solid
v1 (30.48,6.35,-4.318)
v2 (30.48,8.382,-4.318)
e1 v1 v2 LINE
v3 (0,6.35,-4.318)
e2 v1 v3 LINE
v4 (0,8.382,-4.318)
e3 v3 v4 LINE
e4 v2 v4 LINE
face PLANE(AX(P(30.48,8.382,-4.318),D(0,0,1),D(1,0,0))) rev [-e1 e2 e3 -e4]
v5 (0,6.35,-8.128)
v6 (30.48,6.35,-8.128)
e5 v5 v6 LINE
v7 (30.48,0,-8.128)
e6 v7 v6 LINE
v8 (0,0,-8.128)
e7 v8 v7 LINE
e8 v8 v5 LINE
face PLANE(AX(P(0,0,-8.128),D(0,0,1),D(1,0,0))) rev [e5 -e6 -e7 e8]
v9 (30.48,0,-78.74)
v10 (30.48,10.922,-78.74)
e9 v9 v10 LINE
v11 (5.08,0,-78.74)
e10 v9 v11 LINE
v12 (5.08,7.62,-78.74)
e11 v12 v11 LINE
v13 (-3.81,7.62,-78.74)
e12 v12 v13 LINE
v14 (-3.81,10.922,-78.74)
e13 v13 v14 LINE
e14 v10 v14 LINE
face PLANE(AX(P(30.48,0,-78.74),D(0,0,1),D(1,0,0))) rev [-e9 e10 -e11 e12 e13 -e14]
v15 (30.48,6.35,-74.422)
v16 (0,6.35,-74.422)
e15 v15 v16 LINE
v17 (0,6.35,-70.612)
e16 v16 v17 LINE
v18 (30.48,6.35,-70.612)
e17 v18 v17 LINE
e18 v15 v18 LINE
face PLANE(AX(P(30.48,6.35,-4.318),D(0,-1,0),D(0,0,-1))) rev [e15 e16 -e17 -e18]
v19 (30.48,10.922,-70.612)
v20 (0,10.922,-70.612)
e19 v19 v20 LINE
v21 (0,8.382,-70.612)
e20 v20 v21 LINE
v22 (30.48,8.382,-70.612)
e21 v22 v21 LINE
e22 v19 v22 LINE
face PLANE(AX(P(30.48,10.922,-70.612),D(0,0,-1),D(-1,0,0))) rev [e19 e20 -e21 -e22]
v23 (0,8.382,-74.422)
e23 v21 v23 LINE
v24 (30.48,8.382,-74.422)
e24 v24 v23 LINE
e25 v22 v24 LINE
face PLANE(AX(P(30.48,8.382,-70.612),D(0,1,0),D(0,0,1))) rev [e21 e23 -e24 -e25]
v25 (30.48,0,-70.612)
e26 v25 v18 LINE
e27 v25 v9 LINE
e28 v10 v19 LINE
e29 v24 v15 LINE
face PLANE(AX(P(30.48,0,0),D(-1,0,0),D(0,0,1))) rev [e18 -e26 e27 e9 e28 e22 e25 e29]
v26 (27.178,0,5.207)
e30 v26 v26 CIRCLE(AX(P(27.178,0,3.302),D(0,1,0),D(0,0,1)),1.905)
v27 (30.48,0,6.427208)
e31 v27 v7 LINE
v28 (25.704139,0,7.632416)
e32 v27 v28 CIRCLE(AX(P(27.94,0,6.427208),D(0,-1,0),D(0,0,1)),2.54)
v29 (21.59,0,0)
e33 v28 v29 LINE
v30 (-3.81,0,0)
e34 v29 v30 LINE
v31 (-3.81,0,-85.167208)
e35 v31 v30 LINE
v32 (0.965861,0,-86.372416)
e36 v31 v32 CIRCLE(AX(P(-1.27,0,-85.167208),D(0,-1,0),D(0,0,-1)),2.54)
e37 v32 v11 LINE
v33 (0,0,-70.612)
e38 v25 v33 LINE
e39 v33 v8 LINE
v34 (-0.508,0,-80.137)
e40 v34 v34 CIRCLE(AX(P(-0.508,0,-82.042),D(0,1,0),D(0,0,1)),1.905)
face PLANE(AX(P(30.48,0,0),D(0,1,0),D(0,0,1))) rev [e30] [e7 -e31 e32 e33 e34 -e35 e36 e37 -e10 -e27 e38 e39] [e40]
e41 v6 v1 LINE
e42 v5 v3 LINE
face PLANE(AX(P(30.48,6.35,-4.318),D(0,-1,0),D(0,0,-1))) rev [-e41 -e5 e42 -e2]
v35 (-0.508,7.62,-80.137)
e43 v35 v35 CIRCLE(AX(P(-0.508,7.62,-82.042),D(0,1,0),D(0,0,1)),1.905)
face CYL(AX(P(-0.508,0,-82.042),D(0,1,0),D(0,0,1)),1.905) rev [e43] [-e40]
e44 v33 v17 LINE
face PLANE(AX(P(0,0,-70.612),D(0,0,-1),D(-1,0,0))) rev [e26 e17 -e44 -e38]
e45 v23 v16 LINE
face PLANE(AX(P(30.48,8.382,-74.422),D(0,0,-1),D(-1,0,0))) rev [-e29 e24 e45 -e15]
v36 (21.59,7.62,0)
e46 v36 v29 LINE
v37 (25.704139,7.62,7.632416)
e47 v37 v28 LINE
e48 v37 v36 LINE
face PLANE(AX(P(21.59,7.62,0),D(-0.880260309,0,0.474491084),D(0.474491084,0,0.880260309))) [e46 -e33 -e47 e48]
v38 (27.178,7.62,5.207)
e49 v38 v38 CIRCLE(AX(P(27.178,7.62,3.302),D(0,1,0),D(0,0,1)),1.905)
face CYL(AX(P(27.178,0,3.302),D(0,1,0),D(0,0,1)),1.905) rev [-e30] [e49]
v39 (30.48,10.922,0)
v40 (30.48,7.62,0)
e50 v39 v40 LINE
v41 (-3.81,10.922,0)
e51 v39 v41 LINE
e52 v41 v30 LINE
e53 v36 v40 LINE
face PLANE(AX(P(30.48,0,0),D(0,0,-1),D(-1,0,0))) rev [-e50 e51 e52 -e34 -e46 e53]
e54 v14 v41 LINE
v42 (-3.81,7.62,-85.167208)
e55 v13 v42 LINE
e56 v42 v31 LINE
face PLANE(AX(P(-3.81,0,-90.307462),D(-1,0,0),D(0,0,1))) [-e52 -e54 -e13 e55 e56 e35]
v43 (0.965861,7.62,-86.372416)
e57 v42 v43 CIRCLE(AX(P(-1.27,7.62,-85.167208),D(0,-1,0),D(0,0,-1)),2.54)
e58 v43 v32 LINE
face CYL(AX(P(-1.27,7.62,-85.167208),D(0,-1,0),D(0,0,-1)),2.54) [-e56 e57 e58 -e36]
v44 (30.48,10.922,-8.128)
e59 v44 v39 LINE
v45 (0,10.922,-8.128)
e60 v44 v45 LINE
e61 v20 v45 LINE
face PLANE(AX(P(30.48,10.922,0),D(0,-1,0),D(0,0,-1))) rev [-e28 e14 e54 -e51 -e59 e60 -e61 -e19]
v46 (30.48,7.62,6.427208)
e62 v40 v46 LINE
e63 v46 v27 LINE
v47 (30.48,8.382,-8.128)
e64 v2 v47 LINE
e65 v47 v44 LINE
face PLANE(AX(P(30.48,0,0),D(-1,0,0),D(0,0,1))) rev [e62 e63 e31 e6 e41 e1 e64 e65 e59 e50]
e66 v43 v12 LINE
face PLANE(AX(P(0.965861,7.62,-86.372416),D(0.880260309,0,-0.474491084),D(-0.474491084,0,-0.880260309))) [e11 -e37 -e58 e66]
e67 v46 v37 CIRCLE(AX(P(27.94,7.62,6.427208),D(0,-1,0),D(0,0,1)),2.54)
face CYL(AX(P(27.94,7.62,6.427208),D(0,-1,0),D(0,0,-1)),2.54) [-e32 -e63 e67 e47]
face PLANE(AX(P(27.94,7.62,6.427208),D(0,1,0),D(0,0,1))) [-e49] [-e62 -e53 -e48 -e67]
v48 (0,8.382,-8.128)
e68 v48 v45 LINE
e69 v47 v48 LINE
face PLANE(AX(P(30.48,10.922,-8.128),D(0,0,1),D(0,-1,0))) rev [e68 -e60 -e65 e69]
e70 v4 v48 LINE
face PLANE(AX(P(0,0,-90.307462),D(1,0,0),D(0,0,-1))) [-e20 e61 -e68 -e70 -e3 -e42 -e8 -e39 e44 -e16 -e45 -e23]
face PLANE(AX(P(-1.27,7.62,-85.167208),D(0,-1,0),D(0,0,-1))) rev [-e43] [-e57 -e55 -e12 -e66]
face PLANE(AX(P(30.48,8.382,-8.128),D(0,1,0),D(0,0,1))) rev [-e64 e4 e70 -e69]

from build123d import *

# Parameters (mm, degrees)
BOSS_EXTRUDE1_DEPTH = 30.48
SKETCH2_W           = 3.81
SKETCH2_H           = 10.922
BOSS_EXTRUDE2_DEPTH = 78.74
BOSS_EXTRUDE3_DEPTH = 7.62
SKETCH5_R           = 1.905
CUT_EXTRUDE2_DEPTH  = 8.62
SKETCH6_W           = 30.48
SKETCH6_H           = 62.484
CUT_EXTRUDE3_DEPTH  = 7.35


with BuildPart() as part:
    # Sketch1 → Boss-Extrude1 (new body)
    with BuildSketch(Plane(origin=(0, 0, 0), x_dir=(0, 0, -1), z_dir=(1, 0, 0))):
        Polygon((0, 0), (78.74, 0), (78.74, 10.922), (70.612, 10.922), (70.612, 8.382), (74.422, 8.382), (74.422, 6.35), (4.318, 6.35), (4.318, 8.382), (8.128, 8.382), (8.128, 10.922), (0, 10.922), align=None)
    extrude(amount=BOSS_EXTRUDE1_DEPTH)

    # Sketch2 → Boss-Extrude2 (add)
    with BuildSketch(Plane.XY):
        with Locations((-1.905, 5.461)):
            Rectangle(SKETCH2_W, SKETCH2_H)
    extrude(amount=-BOSS_EXTRUDE2_DEPTH)

    # Sketch4 → Boss-Extrude3 (add)
    with BuildSketch(Plane.XZ):
        with BuildLine():
            Line((21.59, 0), (25.704138816, 7.632415502))
            ThreePointArc((25.704138816, 7.632415502), (28.56149521, 8.89), (30.48, 6.427208148))
            Line((30.48, 6.427208148), (30.48, 0))
            Line((30.48, 0), (21.59, 0))
        make_face()
        with BuildLine():
            Line((-3.81, -78.74), (-3.81, -85.167208148))
            ThreePointArc((-3.81, -85.167208148), (-1.89149521, -87.63), (0.965861184, -86.372415502))
            Line((0.965861184, -86.372415502), (5.08, -78.74))
            Line((5.08, -78.74), (-3.81, -78.74))
        make_face()
    extrude(amount=-BOSS_EXTRUDE3_DEPTH)

    # Sketch5 → Cut-Extrude2 (cut, through all)
    with BuildSketch(Plane(origin=(0, 7.62, 0), x_dir=(1, 0, 0), z_dir=(0, 1, 0))):
        with Locations((-0.508, 82.042)):
            Circle(SKETCH5_R)
        with Locations((27.178, -3.302)):
            Circle(SKETCH5_R)
    extrude(amount=-CUT_EXTRUDE2_DEPTH, mode=Mode.SUBTRACT)

    # Sketch6 → Cut-Extrude3 (cut, through all)
    with BuildSketch(Plane(origin=(0, 6.35, 0), x_dir=(1, 0, 0), z_dir=(0, 1, 0))):
        with Locations((15.24, 39.37)):
            Rectangle(SKETCH6_W, SKETCH6_H)
    extrude(amount=-CUT_EXTRUDE3_DEPTH, mode=Mode.SUBTRACT)


solid = part.part
